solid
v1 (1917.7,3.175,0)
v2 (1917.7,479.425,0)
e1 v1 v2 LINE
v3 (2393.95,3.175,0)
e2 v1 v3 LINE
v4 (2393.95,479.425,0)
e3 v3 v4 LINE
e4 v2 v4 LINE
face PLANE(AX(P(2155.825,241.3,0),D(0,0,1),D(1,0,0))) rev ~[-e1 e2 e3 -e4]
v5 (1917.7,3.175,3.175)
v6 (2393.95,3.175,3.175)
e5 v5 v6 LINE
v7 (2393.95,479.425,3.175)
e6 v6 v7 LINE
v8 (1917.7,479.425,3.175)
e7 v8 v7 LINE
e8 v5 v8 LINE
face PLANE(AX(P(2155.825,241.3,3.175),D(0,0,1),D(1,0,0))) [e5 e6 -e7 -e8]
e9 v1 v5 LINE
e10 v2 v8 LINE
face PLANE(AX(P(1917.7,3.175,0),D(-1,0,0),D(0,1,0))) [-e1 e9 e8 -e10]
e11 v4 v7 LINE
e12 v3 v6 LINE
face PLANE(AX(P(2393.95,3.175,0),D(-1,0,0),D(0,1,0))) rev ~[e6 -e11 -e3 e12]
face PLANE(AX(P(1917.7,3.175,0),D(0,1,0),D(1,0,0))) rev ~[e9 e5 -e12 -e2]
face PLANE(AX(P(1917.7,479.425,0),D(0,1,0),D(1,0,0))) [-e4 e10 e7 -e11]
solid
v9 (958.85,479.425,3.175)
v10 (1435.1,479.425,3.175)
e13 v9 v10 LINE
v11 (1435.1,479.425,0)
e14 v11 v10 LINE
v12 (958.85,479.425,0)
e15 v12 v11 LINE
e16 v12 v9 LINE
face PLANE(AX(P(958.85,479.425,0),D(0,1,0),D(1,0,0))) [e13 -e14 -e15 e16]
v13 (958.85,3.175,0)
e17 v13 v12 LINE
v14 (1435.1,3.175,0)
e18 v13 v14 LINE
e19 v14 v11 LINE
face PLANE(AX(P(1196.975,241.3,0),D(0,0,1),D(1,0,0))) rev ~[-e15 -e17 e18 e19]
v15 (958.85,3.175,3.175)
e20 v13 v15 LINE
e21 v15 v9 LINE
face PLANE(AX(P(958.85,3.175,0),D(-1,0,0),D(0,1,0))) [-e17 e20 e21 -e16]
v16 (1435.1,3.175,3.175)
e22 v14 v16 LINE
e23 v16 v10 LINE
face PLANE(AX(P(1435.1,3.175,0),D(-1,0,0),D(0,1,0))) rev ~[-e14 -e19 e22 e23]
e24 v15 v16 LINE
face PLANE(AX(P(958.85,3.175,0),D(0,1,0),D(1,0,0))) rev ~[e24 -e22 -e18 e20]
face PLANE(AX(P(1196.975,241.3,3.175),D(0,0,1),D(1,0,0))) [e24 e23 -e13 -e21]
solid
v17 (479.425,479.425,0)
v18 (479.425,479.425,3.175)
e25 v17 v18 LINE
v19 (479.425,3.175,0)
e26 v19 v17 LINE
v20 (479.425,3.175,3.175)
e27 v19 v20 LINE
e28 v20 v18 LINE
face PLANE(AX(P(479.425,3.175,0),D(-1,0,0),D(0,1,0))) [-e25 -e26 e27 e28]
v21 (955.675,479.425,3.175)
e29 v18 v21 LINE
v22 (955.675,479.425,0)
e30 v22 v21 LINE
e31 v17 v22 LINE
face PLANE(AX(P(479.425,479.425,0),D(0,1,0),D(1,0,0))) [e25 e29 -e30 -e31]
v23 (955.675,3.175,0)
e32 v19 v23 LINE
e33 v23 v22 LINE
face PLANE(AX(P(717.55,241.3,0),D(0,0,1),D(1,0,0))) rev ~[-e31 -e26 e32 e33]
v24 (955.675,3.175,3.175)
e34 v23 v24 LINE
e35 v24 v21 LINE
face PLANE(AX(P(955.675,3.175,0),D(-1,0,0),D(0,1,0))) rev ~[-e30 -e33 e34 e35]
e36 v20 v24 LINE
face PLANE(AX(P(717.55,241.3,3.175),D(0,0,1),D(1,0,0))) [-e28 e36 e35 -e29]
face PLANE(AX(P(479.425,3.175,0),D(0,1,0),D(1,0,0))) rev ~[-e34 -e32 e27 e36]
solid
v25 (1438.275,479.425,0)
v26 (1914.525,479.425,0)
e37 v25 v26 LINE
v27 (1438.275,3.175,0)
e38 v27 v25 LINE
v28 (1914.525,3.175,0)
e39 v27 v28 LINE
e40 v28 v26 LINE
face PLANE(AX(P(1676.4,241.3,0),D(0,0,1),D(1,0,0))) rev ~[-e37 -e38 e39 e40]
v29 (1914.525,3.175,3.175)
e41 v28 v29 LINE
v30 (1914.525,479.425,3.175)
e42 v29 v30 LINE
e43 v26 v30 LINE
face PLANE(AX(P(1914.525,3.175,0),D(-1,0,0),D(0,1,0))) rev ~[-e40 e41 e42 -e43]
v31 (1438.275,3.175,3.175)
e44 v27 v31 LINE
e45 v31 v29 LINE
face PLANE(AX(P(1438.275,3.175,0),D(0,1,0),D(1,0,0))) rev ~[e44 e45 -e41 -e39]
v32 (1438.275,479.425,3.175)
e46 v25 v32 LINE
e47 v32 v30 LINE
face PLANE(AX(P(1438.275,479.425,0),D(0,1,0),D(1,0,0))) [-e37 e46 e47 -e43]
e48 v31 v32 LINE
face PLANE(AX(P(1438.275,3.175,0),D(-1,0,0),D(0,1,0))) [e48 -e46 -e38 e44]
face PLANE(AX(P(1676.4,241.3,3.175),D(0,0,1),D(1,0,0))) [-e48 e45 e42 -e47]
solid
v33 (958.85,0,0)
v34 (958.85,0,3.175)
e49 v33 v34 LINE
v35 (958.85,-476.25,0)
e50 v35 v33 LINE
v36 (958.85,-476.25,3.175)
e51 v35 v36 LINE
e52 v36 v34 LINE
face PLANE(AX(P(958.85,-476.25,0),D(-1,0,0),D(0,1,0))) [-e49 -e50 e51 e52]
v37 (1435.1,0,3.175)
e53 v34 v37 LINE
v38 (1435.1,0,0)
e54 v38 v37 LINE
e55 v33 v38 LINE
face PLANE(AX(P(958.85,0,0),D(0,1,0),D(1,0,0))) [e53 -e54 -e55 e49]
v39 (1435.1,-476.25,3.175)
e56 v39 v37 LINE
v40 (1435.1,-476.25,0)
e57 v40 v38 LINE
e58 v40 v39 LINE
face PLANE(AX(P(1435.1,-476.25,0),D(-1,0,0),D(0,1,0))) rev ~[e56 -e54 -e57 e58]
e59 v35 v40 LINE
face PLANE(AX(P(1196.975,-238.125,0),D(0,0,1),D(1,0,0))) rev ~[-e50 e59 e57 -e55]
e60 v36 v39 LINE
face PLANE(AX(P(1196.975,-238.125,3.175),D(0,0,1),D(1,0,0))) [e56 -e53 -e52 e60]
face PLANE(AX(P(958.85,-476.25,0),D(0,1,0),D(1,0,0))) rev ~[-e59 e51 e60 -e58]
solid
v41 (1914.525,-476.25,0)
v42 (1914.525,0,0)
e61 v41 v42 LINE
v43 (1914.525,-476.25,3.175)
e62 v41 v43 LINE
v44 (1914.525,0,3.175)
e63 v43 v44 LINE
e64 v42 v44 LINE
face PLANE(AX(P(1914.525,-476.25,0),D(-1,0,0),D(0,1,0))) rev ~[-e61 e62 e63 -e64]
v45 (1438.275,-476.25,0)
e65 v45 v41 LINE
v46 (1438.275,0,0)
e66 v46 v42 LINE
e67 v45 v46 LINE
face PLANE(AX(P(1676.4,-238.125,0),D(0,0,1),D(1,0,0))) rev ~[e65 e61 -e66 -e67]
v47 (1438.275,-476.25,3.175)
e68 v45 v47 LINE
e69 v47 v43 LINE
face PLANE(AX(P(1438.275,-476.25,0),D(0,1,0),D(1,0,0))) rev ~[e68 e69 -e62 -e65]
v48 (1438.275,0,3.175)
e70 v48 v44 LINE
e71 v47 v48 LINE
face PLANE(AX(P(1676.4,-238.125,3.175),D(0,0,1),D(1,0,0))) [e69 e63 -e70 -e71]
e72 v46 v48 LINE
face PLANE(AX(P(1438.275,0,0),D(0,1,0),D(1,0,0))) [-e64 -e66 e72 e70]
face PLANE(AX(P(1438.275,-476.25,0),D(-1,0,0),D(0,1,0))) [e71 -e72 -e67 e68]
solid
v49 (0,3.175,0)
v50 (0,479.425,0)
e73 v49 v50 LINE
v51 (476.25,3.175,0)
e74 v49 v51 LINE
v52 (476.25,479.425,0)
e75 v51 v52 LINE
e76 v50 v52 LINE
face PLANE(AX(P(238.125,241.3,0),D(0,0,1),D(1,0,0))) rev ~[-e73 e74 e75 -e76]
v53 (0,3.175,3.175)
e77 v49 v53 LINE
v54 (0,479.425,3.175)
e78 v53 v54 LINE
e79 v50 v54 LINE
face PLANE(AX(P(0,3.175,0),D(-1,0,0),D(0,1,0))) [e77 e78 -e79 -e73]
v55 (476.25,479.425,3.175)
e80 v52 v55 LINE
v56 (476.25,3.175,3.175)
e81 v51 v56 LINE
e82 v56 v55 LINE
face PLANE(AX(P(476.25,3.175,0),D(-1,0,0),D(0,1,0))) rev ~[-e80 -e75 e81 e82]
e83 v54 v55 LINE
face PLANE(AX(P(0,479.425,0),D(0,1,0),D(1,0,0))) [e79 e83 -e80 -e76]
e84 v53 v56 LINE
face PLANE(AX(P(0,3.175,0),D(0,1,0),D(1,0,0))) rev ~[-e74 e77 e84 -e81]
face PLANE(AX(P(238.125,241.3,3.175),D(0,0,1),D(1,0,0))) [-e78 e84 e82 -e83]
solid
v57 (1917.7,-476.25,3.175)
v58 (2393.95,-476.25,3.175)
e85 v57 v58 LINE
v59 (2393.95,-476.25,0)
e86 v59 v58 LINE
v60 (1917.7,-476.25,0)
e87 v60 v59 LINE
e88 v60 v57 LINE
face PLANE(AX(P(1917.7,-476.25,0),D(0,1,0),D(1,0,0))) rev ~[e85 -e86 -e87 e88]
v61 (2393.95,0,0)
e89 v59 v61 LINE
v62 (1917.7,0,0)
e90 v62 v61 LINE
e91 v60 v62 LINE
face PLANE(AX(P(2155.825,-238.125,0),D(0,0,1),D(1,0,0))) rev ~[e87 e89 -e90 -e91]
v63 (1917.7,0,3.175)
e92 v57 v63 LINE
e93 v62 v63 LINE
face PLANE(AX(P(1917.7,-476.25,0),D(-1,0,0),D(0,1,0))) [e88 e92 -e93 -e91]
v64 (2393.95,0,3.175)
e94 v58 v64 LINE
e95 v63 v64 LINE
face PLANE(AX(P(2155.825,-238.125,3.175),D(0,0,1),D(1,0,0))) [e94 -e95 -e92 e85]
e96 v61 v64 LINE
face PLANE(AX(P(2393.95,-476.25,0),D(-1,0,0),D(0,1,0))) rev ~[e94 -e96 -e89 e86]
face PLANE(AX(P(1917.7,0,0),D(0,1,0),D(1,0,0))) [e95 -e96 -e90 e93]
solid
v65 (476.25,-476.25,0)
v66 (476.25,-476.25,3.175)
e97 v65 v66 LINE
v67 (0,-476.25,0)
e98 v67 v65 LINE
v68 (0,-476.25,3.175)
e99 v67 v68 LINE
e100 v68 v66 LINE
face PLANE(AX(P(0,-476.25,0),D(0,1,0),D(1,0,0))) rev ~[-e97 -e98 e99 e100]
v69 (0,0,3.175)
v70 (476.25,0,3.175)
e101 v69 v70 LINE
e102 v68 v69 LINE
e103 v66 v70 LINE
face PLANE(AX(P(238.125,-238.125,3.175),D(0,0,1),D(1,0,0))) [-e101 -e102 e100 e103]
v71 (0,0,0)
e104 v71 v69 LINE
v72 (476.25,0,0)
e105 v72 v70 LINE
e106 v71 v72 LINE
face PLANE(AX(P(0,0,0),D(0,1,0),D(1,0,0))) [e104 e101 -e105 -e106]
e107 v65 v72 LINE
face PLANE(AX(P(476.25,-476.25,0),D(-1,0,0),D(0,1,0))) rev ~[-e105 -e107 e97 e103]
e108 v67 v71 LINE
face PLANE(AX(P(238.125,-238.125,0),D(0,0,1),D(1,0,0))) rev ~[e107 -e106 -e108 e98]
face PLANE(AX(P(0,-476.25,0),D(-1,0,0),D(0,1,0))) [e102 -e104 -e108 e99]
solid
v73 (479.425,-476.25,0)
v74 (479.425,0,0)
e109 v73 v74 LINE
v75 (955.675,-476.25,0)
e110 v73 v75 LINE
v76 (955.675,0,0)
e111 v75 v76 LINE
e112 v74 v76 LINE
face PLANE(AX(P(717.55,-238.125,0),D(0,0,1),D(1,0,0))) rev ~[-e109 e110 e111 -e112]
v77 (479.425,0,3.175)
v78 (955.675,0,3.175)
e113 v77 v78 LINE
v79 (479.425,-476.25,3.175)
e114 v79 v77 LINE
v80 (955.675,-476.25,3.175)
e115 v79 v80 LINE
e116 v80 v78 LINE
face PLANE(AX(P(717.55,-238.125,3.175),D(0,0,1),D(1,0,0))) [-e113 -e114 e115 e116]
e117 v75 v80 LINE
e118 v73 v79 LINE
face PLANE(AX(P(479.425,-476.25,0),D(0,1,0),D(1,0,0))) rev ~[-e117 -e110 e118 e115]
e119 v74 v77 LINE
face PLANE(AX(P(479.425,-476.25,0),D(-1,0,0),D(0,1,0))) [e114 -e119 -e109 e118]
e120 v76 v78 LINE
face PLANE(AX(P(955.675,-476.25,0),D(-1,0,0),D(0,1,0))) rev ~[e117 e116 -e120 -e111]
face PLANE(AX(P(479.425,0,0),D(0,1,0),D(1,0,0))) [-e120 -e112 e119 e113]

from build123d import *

# Parameters (mm, degrees)
F0_W     = 476.25
F0_H     = 476.25
F1_DEPTH = 3.175


with BuildPart() as f1:
    # F0 (on Top) → F1 (new body)
    with BuildSketch(Plane.XY):
        with Locations((238.125, -238.125)):
            Rectangle(F0_W, F0_H)
        with Locations((238.125, 241.3)):
            Rectangle(F0_W, F0_H)
        with Locations((717.55, -238.125)):
            Rectangle(F0_W, F0_H)
        with Locations((717.55, 241.3)):
            Rectangle(F0_W, F0_H)
        with Locations((1196.975, -238.125)):
            Rectangle(F0_W, F0_H)
        with Locations((1196.975, 241.3)):
            Rectangle(F0_W, F0_H)
        with Locations((1676.4, -238.125)):
            Rectangle(F0_W, F0_H)
        with Locations((1676.4, 241.3)):
            Rectangle(F0_W, F0_H)
        with Locations((2155.825, -238.125)):
            Rectangle(F0_W, F0_H)
        with Locations((2155.825, 241.3)):
            Rectangle(F0_W, F0_H)
    extrude(amount=F1_DEPTH)


solid = f1.part
